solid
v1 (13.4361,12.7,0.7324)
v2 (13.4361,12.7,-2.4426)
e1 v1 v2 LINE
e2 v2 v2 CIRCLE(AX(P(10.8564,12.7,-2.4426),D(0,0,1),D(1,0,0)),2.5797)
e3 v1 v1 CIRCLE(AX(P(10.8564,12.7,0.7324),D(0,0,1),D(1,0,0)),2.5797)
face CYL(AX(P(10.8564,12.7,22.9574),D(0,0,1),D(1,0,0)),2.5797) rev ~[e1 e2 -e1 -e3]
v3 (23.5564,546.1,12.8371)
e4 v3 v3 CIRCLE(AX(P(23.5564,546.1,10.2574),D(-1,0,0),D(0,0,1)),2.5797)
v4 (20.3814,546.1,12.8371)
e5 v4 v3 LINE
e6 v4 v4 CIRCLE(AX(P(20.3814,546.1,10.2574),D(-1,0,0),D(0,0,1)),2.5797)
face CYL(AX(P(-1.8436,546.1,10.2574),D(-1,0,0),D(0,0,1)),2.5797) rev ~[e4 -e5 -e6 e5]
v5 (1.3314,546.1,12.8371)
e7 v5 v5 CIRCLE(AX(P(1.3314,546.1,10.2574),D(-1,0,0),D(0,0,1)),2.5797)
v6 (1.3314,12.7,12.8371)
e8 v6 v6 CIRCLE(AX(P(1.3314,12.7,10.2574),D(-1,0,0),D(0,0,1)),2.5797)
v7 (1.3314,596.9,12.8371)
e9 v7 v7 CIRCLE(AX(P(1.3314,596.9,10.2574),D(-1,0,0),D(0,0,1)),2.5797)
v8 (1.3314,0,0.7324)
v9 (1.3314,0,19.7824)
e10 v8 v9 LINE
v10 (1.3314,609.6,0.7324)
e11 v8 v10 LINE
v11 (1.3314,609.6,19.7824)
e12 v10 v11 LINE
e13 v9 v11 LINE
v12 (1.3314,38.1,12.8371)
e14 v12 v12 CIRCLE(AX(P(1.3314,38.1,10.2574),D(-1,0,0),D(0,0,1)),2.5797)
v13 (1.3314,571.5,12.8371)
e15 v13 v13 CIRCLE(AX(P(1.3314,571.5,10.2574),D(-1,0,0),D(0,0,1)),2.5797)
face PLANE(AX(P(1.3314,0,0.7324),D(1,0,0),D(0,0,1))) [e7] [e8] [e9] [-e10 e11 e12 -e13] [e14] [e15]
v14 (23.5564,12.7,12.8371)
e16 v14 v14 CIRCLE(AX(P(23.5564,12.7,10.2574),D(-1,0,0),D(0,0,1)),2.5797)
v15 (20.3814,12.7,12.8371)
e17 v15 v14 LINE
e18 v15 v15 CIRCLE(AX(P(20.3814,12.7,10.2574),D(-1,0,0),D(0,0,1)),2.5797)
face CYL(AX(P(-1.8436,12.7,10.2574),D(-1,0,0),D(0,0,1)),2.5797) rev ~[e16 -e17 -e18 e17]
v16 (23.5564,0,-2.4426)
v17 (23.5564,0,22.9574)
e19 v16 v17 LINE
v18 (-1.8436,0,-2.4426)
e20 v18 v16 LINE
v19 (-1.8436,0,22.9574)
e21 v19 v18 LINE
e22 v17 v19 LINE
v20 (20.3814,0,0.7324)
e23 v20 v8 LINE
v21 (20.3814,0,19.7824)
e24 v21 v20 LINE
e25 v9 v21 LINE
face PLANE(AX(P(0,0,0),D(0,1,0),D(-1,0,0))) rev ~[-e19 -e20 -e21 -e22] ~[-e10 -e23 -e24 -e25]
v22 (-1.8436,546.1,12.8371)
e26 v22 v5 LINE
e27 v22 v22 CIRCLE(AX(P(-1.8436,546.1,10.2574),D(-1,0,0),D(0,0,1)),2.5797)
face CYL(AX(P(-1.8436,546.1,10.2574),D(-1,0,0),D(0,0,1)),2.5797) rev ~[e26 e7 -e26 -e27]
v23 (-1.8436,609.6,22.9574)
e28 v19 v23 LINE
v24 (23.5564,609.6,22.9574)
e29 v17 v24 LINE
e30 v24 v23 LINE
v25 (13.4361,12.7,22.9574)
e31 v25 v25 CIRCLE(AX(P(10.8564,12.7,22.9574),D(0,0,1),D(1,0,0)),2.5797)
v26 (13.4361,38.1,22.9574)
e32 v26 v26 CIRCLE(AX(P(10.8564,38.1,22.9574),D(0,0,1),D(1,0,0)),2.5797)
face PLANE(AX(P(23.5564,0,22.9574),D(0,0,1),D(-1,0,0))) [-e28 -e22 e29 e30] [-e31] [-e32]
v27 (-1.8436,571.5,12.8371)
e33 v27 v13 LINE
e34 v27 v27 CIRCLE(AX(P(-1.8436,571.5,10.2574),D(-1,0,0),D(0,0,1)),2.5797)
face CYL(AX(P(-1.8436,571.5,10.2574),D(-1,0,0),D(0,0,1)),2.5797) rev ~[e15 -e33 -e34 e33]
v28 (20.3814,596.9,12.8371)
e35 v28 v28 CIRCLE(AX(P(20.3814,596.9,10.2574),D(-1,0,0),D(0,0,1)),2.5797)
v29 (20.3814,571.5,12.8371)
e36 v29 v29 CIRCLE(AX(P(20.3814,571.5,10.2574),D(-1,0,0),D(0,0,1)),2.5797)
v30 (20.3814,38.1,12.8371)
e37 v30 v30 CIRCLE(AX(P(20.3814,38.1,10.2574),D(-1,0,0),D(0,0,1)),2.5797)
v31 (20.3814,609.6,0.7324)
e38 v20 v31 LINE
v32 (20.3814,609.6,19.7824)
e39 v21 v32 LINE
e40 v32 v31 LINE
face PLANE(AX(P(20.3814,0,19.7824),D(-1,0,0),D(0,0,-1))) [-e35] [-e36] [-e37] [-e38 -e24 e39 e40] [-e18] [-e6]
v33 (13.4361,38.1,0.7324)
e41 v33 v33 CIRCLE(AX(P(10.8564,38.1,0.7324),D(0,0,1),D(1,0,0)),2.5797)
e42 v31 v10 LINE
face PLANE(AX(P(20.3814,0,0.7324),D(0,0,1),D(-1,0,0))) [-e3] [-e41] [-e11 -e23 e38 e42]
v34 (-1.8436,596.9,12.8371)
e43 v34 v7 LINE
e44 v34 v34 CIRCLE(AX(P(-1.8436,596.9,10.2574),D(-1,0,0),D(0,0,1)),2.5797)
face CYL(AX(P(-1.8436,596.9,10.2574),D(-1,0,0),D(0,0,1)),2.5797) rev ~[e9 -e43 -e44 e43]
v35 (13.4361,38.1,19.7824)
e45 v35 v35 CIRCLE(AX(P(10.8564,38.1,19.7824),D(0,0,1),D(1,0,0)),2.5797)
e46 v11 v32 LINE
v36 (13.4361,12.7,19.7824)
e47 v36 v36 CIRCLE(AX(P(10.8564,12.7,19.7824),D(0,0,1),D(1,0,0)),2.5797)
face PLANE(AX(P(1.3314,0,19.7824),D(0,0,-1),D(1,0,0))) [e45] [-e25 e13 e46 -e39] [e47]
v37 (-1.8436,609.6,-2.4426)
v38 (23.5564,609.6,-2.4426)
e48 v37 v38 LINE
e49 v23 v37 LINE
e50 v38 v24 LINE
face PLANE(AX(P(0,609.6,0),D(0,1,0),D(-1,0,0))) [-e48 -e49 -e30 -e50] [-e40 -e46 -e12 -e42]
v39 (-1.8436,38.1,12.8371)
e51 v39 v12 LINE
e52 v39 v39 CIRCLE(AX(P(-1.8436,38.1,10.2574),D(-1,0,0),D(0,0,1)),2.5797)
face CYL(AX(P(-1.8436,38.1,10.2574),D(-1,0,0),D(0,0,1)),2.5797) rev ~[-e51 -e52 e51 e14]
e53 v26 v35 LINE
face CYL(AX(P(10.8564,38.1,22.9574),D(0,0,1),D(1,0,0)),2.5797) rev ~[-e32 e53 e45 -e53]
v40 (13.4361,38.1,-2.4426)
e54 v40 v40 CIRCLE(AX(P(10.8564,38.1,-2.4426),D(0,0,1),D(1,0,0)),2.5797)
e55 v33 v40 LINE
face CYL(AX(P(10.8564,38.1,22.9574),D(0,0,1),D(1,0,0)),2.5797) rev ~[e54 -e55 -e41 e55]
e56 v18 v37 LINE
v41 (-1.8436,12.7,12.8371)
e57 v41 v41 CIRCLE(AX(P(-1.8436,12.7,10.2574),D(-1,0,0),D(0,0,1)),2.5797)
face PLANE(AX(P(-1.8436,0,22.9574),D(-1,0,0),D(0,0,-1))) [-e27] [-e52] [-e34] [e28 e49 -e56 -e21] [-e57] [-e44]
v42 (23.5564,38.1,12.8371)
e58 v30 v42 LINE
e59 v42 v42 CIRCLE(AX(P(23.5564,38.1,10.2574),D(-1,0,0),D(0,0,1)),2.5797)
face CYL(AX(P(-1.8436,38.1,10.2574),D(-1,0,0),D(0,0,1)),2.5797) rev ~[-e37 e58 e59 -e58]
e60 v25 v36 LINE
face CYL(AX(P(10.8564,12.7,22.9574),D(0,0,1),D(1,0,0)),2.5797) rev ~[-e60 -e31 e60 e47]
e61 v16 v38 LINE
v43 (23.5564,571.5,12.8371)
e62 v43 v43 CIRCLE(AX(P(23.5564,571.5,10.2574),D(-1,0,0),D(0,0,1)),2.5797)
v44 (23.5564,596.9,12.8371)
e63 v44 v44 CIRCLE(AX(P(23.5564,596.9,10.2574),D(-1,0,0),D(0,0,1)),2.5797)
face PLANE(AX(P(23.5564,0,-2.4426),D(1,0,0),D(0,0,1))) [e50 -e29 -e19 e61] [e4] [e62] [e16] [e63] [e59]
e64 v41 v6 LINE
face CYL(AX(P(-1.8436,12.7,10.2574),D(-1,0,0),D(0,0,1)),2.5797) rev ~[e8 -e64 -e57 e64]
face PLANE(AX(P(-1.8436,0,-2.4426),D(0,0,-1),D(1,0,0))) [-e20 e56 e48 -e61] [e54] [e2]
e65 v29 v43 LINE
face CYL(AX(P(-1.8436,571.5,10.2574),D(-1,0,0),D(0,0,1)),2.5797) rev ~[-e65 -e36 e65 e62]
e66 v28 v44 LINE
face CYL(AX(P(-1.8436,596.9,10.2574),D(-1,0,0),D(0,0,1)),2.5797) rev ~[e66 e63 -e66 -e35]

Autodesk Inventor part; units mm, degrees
ref_plane "YZ Plane" through (0, 0, 0) normal (1, 0, 0) x (0, 1, 0)
ref_plane "XZ Plane" through (0, 0, 0) normal (0, 1, 0) x (-1, 0, 0)
ref_plane "XY Plane" through (0, 0, 0) normal (0, 0, 1) x (1, 0, 0)
sketch "Sketch1" plane through (0, 0, 0) normal (0, 1, 0) x (-1, 0, 0)
  line L0 (1.8436, -2.4426) -> (-23.5564, -2.4426)
  line L1 (-23.5564, -2.4426) -> (-23.5564, 22.9574)
  line L2 (-23.5564, 22.9574) -> (1.8436, 22.9574)
  line L3 (1.8436, 22.9574) -> (1.8436, -2.4426)
  line L4 (-20.3814, 0.7324) -> (-1.3314, 0.7324)
  line L5 (-1.3314, 0.7324) -> (-1.3314, 19.7824)
  line L6 (-1.3314, 19.7824) -> (-20.3814, 19.7824)
  line L7 (-20.3814, 19.7824) -> (-20.3814, 0.7324)
  point P0 (0, 0)
  dimension "d0" = 25.4
  dimension "d1" = 25.4
  dimension "d2" = 3.175
extrude "Extrusion1" add sketch "Sketch1" along normal blind 609.6
sketch "Sketch2" plane through (-1.8436, 0, -2.4426) normal (-1, 0, 0) x (0, 0, 1)
  line L0 (22.225, 0) -> (3.175, 0) construction
  line L1 (12.7, 0) -> (12.7, 12.7) construction
  line L2 (12.7, 12.7) -> (12.7, 38.1) construction
  line L3 (3.175, 609.6) -> (22.225, 609.6) construction
  line L4 (12.7, 609.6) -> (12.7, 596.9) construction
  line L5 (12.7, 596.9) -> (12.7, 571.5) construction
  circle A0 centre (12.7, 596.9) radius 2.5797
  circle A1 centre (12.7, 571.5) radius 2.5797
  circle A2 centre (12.7, 12.7) radius 2.5797
  circle A3 centre (12.7, 38.1) radius 2.5797
  point P0 (2.4426, 0)
  dimension "d5" = 12.7
  dimension "d6" = 25.4
  dimension "d7" = 12.7
  dimension "d8" = 25.4
  dimension "d9" = 5.1594
  dimension "d10" = 5.1594
  dimension "d11" = 5.1594
  dimension "d12" = 5.1594
extrude "Extrusion2" cut sketch "Sketch2" against normal blind 635
sketch "Sketch3" plane through (-1.8436, 0, -2.4426) normal (-1, 0, 0) x (0, 0, 1)
  circle A0 centre (12.7, 571.5) radius 2.5797 construction
  line L0 (12.7, 571.5) -> (12.7, 546.1) construction
  circle A1 centre (12.7, 546.1) radius 2.5797
  point P0 (2.4426, 0)
  dimension "d15" = 25.4
  dimension "d16" = 5.1594
extrude "Extrusion3" cut sketch "Sketch3" against normal blind 127
sketch "Sketch4" plane through (-1.8436, 0, 22.9574) normal (0, 0, 1) x (1, 0, 0)
  line L0 (0, 0) -> (25.4, 0) construction
  line L1 (12.7, 0) -> (12.7, 12.7) construction
  line L2 (12.7, 12.7) -> (12.7, 38.1) construction
  circle A0 centre (12.7, 12.7) radius 2.5797
  circle A1 centre (12.7, 38.1) radius 2.5797
  point P0 (1.8436, 0)
  dimension "d19" = 12.7
  dimension "d20" = 25.4
  dimension "d21" = 5.1594
  dimension "d22" = 5.1594
extrude "Extrusion4" cut sketch "Sketch4" against normal blind 127
properties part number "25in 1x1 Beam"
